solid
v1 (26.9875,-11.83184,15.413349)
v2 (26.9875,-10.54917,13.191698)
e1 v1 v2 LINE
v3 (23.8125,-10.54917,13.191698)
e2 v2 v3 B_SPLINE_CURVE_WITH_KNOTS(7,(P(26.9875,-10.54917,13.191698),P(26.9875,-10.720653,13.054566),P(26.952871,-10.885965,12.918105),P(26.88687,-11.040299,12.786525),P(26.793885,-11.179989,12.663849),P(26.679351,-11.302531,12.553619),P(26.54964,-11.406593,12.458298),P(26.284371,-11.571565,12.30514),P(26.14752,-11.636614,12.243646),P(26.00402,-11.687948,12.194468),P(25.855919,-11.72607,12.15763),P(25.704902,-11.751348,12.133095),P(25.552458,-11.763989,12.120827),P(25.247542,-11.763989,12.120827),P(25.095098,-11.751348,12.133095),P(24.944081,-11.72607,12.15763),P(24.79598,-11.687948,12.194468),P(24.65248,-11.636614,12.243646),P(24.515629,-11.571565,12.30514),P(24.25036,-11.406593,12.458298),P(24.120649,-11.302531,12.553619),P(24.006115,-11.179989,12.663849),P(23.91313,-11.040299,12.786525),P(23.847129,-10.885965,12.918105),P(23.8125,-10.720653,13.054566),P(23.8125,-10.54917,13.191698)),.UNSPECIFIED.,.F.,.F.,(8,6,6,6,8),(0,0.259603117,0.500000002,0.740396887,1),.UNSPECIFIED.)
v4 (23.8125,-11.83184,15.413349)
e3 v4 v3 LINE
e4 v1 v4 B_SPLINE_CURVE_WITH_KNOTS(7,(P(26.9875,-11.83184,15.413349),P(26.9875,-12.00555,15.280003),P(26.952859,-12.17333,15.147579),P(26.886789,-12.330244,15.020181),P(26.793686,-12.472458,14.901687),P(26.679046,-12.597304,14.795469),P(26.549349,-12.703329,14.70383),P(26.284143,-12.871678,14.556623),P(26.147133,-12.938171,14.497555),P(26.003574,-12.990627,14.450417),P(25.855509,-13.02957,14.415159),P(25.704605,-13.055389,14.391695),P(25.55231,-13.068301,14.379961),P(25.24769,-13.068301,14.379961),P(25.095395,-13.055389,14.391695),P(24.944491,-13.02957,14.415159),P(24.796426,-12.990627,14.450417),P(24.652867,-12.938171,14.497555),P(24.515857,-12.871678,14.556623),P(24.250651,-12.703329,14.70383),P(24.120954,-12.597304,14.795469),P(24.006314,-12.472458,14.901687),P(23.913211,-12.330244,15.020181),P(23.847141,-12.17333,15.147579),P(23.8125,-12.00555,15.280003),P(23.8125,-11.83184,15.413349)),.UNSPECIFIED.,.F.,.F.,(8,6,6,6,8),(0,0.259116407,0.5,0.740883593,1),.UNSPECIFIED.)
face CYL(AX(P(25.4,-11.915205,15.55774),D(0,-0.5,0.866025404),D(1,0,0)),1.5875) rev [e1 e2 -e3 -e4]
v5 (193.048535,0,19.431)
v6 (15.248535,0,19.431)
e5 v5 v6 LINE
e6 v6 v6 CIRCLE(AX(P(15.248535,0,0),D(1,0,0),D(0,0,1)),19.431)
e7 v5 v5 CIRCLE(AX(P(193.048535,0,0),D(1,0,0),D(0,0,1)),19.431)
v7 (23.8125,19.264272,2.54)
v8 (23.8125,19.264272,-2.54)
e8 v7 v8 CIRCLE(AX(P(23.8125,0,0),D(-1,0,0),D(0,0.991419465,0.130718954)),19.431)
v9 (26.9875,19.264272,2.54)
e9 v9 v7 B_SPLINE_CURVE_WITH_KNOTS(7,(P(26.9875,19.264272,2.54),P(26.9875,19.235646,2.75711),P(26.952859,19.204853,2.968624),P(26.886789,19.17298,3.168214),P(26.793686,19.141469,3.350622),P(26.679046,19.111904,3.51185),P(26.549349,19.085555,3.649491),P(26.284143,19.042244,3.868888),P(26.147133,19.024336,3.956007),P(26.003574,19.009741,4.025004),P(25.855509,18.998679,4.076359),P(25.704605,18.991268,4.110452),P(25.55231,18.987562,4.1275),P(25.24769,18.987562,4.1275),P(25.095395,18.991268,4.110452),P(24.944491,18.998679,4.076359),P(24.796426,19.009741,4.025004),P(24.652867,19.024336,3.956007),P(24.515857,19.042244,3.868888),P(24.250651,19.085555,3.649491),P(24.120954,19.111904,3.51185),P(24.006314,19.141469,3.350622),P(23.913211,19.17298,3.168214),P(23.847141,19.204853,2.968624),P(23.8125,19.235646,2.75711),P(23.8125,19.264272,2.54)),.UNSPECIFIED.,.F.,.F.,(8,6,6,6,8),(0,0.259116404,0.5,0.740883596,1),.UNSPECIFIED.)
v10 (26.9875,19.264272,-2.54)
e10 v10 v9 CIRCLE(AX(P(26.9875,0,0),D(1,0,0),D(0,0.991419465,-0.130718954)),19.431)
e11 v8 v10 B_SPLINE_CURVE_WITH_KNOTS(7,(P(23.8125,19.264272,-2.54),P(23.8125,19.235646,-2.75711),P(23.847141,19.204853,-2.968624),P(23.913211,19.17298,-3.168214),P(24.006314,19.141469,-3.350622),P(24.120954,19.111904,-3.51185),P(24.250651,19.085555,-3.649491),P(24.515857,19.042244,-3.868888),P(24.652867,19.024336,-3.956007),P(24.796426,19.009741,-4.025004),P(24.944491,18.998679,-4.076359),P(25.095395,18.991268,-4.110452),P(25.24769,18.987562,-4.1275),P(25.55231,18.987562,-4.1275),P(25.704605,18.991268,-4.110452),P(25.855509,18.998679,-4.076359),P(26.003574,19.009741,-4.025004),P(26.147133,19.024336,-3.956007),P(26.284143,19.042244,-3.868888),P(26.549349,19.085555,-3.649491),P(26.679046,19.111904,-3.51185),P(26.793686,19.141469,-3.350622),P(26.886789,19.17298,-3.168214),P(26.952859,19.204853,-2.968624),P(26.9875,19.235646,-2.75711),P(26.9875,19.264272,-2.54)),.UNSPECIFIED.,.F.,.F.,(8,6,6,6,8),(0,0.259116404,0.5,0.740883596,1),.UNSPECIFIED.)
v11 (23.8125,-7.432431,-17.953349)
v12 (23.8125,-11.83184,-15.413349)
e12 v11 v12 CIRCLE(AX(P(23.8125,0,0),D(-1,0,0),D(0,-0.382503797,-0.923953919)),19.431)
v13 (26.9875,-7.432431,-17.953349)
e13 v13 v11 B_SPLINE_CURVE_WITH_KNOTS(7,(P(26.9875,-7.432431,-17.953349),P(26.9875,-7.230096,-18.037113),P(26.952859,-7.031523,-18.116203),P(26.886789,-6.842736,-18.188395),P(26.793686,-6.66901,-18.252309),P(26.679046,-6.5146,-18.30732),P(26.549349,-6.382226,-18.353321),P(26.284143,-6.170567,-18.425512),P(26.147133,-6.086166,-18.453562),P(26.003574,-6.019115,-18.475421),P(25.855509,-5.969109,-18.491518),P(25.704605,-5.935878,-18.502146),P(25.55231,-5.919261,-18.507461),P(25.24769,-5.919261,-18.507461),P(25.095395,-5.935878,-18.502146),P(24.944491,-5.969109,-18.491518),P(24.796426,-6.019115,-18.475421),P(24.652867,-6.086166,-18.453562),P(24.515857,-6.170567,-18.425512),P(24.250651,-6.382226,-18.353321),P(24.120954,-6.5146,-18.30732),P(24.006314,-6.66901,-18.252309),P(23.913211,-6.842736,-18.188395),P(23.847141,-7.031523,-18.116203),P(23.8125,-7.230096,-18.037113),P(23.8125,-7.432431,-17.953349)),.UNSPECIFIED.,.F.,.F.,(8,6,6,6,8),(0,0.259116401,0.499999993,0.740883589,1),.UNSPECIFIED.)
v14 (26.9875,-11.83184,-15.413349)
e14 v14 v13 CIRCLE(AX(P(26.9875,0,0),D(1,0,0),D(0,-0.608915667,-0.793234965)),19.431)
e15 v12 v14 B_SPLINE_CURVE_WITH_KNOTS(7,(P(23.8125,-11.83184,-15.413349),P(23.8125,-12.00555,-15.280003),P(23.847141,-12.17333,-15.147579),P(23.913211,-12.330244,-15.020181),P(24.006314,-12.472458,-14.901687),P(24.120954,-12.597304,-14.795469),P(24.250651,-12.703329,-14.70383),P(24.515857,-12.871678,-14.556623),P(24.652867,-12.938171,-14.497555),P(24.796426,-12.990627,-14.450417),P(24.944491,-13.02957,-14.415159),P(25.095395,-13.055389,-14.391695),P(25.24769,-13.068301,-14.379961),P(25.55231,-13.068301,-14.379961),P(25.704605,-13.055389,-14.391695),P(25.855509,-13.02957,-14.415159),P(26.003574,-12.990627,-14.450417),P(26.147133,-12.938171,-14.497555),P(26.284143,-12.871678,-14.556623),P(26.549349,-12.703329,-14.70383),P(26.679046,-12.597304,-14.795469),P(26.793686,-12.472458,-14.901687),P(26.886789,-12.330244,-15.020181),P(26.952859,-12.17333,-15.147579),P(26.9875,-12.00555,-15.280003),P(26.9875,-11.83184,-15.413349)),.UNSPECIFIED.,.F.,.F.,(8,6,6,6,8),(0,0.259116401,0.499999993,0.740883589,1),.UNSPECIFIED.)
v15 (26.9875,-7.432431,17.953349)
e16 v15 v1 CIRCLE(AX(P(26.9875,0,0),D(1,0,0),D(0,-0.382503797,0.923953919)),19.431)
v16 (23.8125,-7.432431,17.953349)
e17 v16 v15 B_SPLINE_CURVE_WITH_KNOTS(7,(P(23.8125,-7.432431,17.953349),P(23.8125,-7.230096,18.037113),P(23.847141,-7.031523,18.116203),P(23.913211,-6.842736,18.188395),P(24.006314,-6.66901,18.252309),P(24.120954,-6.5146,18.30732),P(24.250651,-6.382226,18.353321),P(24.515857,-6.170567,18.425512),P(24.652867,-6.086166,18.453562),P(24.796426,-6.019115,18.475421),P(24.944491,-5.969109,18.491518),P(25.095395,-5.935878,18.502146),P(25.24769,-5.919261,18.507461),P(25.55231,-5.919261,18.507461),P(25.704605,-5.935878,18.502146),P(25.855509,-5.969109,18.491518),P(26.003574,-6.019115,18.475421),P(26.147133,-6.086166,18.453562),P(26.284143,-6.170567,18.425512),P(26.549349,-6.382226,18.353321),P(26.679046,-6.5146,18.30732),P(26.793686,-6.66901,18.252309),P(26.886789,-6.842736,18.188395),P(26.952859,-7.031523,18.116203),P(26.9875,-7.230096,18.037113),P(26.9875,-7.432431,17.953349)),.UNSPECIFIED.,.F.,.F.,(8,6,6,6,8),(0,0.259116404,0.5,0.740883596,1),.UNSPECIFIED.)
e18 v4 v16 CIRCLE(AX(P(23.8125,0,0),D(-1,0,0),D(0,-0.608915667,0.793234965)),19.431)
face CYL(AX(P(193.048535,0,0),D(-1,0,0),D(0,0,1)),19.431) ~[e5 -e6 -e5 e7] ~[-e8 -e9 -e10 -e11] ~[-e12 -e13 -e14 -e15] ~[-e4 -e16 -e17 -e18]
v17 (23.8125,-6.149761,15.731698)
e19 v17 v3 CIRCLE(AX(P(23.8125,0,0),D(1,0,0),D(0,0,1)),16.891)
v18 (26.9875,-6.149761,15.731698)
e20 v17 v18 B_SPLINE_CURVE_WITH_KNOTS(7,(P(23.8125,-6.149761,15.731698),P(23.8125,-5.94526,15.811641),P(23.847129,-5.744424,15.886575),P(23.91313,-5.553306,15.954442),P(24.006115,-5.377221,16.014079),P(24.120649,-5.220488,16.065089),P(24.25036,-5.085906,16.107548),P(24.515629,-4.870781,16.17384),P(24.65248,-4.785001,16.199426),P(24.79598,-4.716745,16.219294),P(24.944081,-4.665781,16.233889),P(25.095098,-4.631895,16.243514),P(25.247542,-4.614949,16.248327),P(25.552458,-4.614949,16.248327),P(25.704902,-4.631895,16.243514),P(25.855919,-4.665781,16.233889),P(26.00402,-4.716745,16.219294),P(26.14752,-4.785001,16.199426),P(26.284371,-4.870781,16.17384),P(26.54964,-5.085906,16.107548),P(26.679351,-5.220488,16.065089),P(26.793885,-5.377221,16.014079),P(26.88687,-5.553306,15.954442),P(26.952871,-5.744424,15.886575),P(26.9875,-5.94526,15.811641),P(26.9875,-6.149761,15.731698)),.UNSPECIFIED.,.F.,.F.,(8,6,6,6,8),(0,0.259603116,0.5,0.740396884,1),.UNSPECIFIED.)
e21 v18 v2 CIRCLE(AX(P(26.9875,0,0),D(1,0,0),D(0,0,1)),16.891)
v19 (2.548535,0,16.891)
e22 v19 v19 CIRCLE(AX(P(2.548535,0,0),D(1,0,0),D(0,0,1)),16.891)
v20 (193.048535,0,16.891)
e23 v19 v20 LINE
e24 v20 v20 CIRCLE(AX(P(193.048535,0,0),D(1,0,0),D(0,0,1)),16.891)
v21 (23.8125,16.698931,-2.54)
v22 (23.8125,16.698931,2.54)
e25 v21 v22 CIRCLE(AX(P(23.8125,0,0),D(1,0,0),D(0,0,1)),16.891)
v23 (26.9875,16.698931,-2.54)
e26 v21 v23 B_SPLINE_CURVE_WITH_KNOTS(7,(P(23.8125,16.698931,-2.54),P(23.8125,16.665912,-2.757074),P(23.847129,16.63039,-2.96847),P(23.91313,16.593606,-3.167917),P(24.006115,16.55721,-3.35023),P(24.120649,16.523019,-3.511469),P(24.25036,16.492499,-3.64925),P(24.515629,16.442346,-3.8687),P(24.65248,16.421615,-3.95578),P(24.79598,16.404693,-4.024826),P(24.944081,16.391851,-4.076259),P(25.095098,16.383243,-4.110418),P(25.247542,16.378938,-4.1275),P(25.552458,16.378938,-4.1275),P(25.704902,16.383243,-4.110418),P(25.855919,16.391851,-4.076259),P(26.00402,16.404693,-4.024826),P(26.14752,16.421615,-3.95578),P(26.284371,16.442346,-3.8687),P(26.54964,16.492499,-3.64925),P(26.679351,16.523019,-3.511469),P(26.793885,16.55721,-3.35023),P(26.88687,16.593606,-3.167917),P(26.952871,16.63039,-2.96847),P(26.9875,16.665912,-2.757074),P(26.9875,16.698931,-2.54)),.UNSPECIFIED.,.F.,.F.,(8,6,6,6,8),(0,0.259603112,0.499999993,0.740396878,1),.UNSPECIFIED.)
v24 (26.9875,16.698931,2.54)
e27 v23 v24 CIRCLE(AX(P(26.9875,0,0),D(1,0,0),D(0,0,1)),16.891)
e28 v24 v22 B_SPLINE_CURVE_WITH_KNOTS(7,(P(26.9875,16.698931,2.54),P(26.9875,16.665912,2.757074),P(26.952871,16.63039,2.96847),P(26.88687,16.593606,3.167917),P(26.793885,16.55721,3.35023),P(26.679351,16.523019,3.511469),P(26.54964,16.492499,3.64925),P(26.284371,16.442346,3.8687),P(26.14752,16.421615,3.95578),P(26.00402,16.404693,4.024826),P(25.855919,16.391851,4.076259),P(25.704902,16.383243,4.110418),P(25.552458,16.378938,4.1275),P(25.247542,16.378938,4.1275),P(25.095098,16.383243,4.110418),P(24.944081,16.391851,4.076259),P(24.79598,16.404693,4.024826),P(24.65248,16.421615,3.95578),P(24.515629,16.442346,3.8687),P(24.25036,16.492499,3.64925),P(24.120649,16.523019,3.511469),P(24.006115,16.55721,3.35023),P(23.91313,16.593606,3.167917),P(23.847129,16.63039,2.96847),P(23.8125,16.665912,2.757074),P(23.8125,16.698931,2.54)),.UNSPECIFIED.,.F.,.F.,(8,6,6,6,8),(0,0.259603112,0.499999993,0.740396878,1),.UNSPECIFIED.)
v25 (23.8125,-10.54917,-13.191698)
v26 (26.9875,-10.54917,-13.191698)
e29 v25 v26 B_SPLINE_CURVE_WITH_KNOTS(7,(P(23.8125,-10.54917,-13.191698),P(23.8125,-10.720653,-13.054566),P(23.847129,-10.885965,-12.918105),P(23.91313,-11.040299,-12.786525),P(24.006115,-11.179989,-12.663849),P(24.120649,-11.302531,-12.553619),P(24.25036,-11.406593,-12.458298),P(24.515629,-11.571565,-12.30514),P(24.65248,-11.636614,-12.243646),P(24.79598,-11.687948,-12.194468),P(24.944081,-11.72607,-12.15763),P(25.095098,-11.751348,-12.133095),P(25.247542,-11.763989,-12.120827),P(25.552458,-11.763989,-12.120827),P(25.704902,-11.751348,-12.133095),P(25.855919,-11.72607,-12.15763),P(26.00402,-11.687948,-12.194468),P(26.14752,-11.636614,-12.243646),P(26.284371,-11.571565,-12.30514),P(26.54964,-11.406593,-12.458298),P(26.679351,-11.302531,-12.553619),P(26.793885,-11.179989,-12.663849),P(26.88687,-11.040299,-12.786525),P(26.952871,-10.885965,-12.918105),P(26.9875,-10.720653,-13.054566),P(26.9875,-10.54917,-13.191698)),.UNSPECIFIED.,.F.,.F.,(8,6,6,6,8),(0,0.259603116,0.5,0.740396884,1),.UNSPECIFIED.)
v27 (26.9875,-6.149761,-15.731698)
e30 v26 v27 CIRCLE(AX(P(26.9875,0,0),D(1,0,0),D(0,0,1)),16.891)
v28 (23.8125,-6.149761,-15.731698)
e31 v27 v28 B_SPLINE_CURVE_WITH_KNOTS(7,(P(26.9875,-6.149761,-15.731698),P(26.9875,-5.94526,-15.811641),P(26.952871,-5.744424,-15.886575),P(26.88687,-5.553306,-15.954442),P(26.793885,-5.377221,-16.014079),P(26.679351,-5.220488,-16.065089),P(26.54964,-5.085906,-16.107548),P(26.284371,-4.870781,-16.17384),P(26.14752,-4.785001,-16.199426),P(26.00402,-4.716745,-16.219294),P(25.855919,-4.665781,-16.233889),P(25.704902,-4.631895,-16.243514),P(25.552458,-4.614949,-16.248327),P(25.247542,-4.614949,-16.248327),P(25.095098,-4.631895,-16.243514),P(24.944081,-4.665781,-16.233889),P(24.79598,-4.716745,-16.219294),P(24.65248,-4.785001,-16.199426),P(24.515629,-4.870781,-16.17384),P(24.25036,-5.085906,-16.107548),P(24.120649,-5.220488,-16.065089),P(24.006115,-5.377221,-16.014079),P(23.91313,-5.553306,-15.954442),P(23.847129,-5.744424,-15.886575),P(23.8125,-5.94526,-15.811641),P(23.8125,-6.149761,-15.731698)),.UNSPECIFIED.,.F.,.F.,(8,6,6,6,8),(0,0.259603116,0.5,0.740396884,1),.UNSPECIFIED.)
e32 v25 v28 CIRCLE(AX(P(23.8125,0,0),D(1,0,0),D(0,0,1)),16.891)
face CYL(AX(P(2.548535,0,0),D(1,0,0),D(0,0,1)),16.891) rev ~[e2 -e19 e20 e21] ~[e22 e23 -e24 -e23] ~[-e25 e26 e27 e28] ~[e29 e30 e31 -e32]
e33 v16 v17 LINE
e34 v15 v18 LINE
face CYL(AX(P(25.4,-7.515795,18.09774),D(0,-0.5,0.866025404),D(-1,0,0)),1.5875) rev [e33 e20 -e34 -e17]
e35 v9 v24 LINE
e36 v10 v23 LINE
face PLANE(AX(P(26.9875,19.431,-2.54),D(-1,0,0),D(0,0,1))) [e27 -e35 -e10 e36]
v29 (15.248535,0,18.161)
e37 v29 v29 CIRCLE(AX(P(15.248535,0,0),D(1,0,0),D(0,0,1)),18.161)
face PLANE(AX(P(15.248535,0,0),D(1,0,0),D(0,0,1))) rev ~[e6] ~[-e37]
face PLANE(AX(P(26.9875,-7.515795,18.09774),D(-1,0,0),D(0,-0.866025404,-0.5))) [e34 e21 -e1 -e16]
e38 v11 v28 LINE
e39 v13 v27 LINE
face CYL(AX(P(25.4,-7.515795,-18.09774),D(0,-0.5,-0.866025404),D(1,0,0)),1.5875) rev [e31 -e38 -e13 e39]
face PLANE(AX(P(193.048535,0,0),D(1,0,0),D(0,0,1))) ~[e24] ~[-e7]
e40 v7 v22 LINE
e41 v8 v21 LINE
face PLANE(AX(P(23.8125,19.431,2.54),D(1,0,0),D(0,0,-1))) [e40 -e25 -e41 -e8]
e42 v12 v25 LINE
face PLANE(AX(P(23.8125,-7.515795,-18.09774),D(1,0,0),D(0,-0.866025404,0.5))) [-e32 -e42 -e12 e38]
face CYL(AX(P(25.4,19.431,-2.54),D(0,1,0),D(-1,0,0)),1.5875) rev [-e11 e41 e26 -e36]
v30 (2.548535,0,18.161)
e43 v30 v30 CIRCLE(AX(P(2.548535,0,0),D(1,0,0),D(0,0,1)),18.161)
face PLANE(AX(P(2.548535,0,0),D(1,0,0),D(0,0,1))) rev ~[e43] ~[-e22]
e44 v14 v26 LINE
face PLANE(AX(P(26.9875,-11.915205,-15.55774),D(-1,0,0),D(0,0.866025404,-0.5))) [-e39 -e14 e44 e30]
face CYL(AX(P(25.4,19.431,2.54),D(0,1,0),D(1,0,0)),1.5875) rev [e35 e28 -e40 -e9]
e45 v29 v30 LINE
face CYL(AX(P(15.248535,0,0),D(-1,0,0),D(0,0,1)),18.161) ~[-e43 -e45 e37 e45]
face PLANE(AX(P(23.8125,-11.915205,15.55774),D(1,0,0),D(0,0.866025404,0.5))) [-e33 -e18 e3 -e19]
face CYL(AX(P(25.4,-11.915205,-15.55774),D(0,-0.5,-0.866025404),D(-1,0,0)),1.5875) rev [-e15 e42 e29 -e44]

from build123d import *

# Parameters (mm, degrees)
CUT_EXTRUDE1_DEPTH = 7.62
CIRPATTERN1_COUNT  = 3


with BuildPart() as part:
    # Sketch1 → Revolve1 (revolve)
    with BuildSketch(Plane.XY, mode=Mode.PRIVATE) as revolve1_sk:
        Polygon((15.248535153, 18.161), (2.548535153, 18.161), (2.548535153, 16.891), (193.048535153, 16.891), (193.048535153, 19.431), (15.248535153, 19.431), align=None)
    revolve(revolve1_sk.sketch.rotate(Axis((0, 0, 0), (1, 0, 0)), 90), axis=Axis((0, 0, 0), (1, 0, 0)))

    # Sketch2 → Cut-Extrude1 (cut)
    with BuildSketch(Plane(origin=(0, 19.431, 0), x_dir=(1, 0, 0), z_dir=(0, 1, 0))):
        with BuildLine():
            Line((26.9875, 2.54), (26.9875, -2.54))
            ThreePointArc((26.9875, -2.54), (25.4, -4.1275), (23.8125, -2.54))
            Line((23.8125, -2.54), (23.8125, 2.54))
            ThreePointArc((23.8125, 2.54), (25.4, 4.1275), (26.9875, 2.54))
        make_face()
    cut_extrude1 = extrude(amount=-CUT_EXTRUDE1_DEPTH, mode=Mode.SUBTRACT)

    # CirPattern1: Cut-Extrude1 ×3 about axis
    cirpattern1_axis = Axis((0, 0, 0), (-1, 0, 0))
    for i in range(1, CIRPATTERN1_COUNT):
        add(cut_extrude1.rotate(cirpattern1_axis, i * 360 / CIRPATTERN1_COUNT), mode=Mode.SUBTRACT)


solid = part.part
